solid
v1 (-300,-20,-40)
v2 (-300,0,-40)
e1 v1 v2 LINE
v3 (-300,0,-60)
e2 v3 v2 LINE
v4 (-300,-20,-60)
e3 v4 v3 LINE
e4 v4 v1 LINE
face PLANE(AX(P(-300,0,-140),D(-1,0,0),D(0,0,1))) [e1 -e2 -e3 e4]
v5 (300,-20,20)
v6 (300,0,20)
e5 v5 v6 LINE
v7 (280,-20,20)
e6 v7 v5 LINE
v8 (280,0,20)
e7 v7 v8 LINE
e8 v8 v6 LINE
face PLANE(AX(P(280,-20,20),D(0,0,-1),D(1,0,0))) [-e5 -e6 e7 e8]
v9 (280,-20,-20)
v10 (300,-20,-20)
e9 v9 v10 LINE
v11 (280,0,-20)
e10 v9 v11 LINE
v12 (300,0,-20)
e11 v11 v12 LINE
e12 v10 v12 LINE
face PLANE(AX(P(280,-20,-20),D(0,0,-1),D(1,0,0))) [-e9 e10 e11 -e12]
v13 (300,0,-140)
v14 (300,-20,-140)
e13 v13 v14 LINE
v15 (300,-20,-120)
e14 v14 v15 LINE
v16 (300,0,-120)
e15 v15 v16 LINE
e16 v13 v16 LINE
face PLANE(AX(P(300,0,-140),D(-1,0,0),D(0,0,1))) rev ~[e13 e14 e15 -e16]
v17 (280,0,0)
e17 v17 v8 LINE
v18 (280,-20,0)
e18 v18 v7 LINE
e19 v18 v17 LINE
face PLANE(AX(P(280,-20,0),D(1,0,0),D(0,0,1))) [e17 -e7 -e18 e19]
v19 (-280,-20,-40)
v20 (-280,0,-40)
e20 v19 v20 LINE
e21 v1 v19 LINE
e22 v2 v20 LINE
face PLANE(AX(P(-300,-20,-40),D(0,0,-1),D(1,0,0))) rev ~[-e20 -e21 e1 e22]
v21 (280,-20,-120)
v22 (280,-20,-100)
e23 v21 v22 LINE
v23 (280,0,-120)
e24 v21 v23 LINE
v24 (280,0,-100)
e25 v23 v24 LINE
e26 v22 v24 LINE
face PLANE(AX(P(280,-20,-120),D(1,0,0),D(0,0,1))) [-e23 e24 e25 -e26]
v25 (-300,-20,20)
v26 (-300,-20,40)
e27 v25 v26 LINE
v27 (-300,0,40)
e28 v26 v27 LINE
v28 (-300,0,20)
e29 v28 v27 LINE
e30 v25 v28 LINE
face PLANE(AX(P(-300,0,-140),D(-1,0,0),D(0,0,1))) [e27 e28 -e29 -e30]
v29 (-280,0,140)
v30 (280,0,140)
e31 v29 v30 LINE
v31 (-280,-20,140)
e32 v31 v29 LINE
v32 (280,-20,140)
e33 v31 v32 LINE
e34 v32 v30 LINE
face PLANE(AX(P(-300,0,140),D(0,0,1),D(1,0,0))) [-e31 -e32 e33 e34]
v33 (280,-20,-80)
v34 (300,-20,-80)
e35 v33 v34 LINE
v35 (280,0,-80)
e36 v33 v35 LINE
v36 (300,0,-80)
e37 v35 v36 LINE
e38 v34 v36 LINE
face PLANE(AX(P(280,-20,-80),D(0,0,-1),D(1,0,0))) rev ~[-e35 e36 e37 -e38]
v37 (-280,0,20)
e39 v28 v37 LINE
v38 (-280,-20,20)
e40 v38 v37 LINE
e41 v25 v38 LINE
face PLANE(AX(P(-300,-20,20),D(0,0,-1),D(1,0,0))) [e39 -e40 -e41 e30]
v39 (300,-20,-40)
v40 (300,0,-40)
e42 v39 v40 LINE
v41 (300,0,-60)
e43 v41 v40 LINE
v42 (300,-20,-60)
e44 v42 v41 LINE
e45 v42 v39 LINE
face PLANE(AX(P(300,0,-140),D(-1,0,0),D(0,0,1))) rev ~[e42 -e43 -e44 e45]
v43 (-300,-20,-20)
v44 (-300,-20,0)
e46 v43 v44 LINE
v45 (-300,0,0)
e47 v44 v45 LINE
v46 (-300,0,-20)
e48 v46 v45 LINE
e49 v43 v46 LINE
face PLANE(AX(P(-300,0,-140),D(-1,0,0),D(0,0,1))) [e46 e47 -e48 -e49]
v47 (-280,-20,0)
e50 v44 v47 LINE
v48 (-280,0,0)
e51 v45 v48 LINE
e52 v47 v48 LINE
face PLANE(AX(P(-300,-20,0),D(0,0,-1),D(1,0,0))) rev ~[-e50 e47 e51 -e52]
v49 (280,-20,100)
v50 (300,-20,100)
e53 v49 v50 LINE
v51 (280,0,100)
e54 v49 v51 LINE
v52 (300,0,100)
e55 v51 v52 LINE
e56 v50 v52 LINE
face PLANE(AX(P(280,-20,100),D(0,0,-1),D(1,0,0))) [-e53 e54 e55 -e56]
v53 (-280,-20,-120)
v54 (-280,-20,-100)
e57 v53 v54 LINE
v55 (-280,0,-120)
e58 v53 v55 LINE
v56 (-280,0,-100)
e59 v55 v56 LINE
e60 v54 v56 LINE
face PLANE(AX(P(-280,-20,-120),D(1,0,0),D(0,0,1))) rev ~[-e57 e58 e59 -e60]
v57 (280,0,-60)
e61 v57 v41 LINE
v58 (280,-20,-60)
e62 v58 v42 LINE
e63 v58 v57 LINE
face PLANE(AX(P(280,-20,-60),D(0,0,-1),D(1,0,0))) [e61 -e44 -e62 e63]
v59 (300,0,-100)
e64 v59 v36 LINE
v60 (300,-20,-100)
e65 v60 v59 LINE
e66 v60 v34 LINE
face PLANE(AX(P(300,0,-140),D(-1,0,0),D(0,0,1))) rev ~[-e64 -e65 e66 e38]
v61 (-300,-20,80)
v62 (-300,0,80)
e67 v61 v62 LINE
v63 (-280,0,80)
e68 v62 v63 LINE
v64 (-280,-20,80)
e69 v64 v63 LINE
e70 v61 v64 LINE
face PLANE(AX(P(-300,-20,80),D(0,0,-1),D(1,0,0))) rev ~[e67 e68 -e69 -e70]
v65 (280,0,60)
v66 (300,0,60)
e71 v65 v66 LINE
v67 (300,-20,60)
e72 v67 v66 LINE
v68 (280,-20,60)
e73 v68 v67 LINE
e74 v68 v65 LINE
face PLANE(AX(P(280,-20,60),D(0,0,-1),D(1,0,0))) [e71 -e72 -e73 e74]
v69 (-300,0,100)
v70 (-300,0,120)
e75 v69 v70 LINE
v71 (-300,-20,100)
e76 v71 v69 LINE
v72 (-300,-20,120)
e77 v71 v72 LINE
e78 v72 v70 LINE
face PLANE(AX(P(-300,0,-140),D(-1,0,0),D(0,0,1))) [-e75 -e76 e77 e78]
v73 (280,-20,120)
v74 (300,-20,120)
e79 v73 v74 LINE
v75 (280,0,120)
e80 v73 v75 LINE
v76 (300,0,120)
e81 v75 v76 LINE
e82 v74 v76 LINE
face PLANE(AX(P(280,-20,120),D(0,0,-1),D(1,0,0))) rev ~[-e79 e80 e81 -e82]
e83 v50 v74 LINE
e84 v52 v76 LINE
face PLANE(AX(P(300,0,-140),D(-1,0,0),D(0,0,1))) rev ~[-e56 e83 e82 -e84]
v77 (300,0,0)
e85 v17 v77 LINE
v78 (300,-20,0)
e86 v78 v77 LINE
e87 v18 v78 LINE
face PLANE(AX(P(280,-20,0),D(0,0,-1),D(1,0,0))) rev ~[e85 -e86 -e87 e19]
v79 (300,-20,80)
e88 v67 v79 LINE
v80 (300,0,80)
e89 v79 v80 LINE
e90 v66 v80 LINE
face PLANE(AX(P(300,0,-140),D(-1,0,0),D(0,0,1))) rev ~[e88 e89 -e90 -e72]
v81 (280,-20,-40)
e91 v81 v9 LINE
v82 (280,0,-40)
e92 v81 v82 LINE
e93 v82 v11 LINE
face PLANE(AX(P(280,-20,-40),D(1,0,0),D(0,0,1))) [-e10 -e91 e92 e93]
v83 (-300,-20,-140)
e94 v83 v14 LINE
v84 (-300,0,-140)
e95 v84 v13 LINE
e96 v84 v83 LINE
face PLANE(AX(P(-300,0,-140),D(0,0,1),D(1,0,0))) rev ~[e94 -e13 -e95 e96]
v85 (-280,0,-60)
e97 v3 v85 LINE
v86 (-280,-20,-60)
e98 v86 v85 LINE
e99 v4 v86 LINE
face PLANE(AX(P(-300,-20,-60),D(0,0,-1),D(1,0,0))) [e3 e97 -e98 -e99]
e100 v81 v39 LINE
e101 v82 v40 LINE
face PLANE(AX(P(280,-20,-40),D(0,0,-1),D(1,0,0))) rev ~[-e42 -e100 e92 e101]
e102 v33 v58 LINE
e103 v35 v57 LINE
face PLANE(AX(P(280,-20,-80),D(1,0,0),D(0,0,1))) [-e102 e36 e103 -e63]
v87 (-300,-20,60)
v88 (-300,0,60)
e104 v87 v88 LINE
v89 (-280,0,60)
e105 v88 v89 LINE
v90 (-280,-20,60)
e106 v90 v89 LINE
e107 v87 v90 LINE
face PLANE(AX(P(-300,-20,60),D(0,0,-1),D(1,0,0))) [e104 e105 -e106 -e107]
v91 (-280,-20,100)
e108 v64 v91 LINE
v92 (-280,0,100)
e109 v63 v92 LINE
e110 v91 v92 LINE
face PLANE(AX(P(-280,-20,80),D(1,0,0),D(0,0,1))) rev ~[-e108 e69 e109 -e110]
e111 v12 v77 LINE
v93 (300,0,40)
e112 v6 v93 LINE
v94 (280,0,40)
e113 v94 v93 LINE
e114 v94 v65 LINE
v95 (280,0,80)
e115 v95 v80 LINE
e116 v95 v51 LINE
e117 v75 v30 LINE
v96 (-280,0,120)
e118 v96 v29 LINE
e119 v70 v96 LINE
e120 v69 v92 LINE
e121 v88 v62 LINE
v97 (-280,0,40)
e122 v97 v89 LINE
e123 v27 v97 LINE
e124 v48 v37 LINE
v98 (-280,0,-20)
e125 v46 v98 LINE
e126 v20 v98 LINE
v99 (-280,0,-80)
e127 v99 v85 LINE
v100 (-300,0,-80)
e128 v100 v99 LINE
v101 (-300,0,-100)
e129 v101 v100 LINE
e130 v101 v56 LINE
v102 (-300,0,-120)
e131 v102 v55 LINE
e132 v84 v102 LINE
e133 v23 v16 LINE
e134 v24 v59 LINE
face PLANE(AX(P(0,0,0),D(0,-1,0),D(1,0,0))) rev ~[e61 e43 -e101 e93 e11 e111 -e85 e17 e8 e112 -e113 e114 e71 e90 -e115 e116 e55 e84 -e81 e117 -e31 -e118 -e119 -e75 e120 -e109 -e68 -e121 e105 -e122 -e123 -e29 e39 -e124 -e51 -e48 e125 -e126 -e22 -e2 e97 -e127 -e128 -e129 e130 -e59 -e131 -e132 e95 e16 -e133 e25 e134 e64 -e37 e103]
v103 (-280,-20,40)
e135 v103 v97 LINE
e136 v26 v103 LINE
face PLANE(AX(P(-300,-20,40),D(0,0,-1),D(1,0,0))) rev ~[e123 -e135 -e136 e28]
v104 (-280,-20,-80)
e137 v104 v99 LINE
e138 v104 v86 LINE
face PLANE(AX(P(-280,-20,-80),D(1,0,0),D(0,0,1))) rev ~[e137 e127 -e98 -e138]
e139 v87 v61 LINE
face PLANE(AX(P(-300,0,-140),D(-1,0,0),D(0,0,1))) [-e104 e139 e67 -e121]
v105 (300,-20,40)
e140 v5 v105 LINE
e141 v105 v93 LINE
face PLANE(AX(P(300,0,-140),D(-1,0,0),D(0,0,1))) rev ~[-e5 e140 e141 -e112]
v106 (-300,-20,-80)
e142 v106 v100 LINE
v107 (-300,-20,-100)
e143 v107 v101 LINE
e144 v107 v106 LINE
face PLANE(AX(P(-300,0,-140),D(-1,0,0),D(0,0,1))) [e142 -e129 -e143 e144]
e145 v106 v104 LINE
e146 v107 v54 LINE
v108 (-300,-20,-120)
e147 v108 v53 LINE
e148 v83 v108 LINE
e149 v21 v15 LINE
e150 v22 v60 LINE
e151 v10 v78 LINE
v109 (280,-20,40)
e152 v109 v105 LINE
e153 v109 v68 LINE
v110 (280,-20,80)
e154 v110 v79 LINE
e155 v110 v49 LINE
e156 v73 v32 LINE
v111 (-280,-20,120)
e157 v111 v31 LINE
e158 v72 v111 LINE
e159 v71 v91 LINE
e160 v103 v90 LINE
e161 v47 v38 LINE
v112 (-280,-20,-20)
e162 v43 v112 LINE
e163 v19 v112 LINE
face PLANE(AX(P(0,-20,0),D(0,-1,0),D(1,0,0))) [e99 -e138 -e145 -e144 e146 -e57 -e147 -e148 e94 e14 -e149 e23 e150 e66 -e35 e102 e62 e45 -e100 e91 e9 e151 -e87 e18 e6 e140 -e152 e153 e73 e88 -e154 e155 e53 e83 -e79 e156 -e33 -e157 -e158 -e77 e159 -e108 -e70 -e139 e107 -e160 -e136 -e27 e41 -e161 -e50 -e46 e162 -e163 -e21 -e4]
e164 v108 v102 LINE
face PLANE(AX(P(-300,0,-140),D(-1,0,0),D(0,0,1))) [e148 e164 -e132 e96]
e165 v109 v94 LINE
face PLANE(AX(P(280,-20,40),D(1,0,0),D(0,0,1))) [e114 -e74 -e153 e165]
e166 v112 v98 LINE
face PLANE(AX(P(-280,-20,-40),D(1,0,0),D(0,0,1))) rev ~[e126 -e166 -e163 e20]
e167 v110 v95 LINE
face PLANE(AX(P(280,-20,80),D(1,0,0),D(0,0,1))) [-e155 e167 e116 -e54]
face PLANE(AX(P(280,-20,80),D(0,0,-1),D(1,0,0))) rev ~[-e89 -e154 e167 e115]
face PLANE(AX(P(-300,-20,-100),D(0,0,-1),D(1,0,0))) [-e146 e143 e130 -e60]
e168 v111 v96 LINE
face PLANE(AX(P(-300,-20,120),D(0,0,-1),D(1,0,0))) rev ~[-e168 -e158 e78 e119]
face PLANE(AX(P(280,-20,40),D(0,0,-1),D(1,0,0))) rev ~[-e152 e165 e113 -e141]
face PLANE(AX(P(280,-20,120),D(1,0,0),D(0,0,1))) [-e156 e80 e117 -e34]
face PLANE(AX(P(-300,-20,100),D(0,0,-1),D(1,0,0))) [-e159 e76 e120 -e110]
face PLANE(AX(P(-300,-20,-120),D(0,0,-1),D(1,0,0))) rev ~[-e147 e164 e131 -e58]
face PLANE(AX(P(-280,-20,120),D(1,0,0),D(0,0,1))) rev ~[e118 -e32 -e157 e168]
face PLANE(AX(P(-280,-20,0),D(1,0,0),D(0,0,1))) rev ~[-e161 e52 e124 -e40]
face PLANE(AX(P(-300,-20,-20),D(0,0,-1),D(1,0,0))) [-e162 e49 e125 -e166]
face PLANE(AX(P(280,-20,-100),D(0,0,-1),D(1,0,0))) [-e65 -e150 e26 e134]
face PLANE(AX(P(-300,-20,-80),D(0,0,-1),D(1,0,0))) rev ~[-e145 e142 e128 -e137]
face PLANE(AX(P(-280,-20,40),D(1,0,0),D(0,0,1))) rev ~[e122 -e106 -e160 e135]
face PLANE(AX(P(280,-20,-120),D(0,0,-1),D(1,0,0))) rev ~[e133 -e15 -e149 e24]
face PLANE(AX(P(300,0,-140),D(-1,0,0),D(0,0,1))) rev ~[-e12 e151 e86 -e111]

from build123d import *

# Parameters (mm, degrees)
F0_W     = 600
F0_H     = 280
F1_DEPTH = 20
F2_W     = 20
F2_H     = 20
F3_DEPTH = 20


with BuildPart() as f1:
    # F0 (on Front) → F1 (new body)
    with BuildSketch(Plane.XZ):
        Rectangle(F0_W, F0_H)
    extrude(amount=F1_DEPTH)

    # F2 (on face) → F3 (cut, through all)
    with BuildSketch(Plane.XZ.offset(20)):
        with Locations((-290, -110)):
            Rectangle(F2_W, F2_H)
        with Locations((-290, -70)):
            Rectangle(F2_W, F2_H)
        with Locations((-290, -30)):
            Rectangle(F2_W, F2_H)
        with Locations((-290, 10)):
            Rectangle(F2_W, F2_H)
        with Locations((-290, 50)):
            Rectangle(F2_W, F2_H)
        with Locations((-290, 90)):
            Rectangle(F2_W, F2_H)
        with Locations((-290, 130)):
            Rectangle(F2_W, F2_H)
        with Locations((290, -110)):
            Rectangle(F2_W, F2_H)
        with Locations((290, 50)):
            Rectangle(F2_W, F2_H)
        with Locations((290, 90)):
            Rectangle(F2_W, F2_H)
        with Locations((290, 130)):
            Rectangle(F2_W, F2_H)
        with Locations((290, 10)):
            Rectangle(F2_W, F2_H)
        with Locations((290, -70)):
            Rectangle(F2_W, F2_H)
        with Locations((290, -30)):
            Rectangle(F2_W, F2_H)
    extrude(amount=-F3_DEPTH, mode=Mode.SUBTRACT)


solid = f1.part
